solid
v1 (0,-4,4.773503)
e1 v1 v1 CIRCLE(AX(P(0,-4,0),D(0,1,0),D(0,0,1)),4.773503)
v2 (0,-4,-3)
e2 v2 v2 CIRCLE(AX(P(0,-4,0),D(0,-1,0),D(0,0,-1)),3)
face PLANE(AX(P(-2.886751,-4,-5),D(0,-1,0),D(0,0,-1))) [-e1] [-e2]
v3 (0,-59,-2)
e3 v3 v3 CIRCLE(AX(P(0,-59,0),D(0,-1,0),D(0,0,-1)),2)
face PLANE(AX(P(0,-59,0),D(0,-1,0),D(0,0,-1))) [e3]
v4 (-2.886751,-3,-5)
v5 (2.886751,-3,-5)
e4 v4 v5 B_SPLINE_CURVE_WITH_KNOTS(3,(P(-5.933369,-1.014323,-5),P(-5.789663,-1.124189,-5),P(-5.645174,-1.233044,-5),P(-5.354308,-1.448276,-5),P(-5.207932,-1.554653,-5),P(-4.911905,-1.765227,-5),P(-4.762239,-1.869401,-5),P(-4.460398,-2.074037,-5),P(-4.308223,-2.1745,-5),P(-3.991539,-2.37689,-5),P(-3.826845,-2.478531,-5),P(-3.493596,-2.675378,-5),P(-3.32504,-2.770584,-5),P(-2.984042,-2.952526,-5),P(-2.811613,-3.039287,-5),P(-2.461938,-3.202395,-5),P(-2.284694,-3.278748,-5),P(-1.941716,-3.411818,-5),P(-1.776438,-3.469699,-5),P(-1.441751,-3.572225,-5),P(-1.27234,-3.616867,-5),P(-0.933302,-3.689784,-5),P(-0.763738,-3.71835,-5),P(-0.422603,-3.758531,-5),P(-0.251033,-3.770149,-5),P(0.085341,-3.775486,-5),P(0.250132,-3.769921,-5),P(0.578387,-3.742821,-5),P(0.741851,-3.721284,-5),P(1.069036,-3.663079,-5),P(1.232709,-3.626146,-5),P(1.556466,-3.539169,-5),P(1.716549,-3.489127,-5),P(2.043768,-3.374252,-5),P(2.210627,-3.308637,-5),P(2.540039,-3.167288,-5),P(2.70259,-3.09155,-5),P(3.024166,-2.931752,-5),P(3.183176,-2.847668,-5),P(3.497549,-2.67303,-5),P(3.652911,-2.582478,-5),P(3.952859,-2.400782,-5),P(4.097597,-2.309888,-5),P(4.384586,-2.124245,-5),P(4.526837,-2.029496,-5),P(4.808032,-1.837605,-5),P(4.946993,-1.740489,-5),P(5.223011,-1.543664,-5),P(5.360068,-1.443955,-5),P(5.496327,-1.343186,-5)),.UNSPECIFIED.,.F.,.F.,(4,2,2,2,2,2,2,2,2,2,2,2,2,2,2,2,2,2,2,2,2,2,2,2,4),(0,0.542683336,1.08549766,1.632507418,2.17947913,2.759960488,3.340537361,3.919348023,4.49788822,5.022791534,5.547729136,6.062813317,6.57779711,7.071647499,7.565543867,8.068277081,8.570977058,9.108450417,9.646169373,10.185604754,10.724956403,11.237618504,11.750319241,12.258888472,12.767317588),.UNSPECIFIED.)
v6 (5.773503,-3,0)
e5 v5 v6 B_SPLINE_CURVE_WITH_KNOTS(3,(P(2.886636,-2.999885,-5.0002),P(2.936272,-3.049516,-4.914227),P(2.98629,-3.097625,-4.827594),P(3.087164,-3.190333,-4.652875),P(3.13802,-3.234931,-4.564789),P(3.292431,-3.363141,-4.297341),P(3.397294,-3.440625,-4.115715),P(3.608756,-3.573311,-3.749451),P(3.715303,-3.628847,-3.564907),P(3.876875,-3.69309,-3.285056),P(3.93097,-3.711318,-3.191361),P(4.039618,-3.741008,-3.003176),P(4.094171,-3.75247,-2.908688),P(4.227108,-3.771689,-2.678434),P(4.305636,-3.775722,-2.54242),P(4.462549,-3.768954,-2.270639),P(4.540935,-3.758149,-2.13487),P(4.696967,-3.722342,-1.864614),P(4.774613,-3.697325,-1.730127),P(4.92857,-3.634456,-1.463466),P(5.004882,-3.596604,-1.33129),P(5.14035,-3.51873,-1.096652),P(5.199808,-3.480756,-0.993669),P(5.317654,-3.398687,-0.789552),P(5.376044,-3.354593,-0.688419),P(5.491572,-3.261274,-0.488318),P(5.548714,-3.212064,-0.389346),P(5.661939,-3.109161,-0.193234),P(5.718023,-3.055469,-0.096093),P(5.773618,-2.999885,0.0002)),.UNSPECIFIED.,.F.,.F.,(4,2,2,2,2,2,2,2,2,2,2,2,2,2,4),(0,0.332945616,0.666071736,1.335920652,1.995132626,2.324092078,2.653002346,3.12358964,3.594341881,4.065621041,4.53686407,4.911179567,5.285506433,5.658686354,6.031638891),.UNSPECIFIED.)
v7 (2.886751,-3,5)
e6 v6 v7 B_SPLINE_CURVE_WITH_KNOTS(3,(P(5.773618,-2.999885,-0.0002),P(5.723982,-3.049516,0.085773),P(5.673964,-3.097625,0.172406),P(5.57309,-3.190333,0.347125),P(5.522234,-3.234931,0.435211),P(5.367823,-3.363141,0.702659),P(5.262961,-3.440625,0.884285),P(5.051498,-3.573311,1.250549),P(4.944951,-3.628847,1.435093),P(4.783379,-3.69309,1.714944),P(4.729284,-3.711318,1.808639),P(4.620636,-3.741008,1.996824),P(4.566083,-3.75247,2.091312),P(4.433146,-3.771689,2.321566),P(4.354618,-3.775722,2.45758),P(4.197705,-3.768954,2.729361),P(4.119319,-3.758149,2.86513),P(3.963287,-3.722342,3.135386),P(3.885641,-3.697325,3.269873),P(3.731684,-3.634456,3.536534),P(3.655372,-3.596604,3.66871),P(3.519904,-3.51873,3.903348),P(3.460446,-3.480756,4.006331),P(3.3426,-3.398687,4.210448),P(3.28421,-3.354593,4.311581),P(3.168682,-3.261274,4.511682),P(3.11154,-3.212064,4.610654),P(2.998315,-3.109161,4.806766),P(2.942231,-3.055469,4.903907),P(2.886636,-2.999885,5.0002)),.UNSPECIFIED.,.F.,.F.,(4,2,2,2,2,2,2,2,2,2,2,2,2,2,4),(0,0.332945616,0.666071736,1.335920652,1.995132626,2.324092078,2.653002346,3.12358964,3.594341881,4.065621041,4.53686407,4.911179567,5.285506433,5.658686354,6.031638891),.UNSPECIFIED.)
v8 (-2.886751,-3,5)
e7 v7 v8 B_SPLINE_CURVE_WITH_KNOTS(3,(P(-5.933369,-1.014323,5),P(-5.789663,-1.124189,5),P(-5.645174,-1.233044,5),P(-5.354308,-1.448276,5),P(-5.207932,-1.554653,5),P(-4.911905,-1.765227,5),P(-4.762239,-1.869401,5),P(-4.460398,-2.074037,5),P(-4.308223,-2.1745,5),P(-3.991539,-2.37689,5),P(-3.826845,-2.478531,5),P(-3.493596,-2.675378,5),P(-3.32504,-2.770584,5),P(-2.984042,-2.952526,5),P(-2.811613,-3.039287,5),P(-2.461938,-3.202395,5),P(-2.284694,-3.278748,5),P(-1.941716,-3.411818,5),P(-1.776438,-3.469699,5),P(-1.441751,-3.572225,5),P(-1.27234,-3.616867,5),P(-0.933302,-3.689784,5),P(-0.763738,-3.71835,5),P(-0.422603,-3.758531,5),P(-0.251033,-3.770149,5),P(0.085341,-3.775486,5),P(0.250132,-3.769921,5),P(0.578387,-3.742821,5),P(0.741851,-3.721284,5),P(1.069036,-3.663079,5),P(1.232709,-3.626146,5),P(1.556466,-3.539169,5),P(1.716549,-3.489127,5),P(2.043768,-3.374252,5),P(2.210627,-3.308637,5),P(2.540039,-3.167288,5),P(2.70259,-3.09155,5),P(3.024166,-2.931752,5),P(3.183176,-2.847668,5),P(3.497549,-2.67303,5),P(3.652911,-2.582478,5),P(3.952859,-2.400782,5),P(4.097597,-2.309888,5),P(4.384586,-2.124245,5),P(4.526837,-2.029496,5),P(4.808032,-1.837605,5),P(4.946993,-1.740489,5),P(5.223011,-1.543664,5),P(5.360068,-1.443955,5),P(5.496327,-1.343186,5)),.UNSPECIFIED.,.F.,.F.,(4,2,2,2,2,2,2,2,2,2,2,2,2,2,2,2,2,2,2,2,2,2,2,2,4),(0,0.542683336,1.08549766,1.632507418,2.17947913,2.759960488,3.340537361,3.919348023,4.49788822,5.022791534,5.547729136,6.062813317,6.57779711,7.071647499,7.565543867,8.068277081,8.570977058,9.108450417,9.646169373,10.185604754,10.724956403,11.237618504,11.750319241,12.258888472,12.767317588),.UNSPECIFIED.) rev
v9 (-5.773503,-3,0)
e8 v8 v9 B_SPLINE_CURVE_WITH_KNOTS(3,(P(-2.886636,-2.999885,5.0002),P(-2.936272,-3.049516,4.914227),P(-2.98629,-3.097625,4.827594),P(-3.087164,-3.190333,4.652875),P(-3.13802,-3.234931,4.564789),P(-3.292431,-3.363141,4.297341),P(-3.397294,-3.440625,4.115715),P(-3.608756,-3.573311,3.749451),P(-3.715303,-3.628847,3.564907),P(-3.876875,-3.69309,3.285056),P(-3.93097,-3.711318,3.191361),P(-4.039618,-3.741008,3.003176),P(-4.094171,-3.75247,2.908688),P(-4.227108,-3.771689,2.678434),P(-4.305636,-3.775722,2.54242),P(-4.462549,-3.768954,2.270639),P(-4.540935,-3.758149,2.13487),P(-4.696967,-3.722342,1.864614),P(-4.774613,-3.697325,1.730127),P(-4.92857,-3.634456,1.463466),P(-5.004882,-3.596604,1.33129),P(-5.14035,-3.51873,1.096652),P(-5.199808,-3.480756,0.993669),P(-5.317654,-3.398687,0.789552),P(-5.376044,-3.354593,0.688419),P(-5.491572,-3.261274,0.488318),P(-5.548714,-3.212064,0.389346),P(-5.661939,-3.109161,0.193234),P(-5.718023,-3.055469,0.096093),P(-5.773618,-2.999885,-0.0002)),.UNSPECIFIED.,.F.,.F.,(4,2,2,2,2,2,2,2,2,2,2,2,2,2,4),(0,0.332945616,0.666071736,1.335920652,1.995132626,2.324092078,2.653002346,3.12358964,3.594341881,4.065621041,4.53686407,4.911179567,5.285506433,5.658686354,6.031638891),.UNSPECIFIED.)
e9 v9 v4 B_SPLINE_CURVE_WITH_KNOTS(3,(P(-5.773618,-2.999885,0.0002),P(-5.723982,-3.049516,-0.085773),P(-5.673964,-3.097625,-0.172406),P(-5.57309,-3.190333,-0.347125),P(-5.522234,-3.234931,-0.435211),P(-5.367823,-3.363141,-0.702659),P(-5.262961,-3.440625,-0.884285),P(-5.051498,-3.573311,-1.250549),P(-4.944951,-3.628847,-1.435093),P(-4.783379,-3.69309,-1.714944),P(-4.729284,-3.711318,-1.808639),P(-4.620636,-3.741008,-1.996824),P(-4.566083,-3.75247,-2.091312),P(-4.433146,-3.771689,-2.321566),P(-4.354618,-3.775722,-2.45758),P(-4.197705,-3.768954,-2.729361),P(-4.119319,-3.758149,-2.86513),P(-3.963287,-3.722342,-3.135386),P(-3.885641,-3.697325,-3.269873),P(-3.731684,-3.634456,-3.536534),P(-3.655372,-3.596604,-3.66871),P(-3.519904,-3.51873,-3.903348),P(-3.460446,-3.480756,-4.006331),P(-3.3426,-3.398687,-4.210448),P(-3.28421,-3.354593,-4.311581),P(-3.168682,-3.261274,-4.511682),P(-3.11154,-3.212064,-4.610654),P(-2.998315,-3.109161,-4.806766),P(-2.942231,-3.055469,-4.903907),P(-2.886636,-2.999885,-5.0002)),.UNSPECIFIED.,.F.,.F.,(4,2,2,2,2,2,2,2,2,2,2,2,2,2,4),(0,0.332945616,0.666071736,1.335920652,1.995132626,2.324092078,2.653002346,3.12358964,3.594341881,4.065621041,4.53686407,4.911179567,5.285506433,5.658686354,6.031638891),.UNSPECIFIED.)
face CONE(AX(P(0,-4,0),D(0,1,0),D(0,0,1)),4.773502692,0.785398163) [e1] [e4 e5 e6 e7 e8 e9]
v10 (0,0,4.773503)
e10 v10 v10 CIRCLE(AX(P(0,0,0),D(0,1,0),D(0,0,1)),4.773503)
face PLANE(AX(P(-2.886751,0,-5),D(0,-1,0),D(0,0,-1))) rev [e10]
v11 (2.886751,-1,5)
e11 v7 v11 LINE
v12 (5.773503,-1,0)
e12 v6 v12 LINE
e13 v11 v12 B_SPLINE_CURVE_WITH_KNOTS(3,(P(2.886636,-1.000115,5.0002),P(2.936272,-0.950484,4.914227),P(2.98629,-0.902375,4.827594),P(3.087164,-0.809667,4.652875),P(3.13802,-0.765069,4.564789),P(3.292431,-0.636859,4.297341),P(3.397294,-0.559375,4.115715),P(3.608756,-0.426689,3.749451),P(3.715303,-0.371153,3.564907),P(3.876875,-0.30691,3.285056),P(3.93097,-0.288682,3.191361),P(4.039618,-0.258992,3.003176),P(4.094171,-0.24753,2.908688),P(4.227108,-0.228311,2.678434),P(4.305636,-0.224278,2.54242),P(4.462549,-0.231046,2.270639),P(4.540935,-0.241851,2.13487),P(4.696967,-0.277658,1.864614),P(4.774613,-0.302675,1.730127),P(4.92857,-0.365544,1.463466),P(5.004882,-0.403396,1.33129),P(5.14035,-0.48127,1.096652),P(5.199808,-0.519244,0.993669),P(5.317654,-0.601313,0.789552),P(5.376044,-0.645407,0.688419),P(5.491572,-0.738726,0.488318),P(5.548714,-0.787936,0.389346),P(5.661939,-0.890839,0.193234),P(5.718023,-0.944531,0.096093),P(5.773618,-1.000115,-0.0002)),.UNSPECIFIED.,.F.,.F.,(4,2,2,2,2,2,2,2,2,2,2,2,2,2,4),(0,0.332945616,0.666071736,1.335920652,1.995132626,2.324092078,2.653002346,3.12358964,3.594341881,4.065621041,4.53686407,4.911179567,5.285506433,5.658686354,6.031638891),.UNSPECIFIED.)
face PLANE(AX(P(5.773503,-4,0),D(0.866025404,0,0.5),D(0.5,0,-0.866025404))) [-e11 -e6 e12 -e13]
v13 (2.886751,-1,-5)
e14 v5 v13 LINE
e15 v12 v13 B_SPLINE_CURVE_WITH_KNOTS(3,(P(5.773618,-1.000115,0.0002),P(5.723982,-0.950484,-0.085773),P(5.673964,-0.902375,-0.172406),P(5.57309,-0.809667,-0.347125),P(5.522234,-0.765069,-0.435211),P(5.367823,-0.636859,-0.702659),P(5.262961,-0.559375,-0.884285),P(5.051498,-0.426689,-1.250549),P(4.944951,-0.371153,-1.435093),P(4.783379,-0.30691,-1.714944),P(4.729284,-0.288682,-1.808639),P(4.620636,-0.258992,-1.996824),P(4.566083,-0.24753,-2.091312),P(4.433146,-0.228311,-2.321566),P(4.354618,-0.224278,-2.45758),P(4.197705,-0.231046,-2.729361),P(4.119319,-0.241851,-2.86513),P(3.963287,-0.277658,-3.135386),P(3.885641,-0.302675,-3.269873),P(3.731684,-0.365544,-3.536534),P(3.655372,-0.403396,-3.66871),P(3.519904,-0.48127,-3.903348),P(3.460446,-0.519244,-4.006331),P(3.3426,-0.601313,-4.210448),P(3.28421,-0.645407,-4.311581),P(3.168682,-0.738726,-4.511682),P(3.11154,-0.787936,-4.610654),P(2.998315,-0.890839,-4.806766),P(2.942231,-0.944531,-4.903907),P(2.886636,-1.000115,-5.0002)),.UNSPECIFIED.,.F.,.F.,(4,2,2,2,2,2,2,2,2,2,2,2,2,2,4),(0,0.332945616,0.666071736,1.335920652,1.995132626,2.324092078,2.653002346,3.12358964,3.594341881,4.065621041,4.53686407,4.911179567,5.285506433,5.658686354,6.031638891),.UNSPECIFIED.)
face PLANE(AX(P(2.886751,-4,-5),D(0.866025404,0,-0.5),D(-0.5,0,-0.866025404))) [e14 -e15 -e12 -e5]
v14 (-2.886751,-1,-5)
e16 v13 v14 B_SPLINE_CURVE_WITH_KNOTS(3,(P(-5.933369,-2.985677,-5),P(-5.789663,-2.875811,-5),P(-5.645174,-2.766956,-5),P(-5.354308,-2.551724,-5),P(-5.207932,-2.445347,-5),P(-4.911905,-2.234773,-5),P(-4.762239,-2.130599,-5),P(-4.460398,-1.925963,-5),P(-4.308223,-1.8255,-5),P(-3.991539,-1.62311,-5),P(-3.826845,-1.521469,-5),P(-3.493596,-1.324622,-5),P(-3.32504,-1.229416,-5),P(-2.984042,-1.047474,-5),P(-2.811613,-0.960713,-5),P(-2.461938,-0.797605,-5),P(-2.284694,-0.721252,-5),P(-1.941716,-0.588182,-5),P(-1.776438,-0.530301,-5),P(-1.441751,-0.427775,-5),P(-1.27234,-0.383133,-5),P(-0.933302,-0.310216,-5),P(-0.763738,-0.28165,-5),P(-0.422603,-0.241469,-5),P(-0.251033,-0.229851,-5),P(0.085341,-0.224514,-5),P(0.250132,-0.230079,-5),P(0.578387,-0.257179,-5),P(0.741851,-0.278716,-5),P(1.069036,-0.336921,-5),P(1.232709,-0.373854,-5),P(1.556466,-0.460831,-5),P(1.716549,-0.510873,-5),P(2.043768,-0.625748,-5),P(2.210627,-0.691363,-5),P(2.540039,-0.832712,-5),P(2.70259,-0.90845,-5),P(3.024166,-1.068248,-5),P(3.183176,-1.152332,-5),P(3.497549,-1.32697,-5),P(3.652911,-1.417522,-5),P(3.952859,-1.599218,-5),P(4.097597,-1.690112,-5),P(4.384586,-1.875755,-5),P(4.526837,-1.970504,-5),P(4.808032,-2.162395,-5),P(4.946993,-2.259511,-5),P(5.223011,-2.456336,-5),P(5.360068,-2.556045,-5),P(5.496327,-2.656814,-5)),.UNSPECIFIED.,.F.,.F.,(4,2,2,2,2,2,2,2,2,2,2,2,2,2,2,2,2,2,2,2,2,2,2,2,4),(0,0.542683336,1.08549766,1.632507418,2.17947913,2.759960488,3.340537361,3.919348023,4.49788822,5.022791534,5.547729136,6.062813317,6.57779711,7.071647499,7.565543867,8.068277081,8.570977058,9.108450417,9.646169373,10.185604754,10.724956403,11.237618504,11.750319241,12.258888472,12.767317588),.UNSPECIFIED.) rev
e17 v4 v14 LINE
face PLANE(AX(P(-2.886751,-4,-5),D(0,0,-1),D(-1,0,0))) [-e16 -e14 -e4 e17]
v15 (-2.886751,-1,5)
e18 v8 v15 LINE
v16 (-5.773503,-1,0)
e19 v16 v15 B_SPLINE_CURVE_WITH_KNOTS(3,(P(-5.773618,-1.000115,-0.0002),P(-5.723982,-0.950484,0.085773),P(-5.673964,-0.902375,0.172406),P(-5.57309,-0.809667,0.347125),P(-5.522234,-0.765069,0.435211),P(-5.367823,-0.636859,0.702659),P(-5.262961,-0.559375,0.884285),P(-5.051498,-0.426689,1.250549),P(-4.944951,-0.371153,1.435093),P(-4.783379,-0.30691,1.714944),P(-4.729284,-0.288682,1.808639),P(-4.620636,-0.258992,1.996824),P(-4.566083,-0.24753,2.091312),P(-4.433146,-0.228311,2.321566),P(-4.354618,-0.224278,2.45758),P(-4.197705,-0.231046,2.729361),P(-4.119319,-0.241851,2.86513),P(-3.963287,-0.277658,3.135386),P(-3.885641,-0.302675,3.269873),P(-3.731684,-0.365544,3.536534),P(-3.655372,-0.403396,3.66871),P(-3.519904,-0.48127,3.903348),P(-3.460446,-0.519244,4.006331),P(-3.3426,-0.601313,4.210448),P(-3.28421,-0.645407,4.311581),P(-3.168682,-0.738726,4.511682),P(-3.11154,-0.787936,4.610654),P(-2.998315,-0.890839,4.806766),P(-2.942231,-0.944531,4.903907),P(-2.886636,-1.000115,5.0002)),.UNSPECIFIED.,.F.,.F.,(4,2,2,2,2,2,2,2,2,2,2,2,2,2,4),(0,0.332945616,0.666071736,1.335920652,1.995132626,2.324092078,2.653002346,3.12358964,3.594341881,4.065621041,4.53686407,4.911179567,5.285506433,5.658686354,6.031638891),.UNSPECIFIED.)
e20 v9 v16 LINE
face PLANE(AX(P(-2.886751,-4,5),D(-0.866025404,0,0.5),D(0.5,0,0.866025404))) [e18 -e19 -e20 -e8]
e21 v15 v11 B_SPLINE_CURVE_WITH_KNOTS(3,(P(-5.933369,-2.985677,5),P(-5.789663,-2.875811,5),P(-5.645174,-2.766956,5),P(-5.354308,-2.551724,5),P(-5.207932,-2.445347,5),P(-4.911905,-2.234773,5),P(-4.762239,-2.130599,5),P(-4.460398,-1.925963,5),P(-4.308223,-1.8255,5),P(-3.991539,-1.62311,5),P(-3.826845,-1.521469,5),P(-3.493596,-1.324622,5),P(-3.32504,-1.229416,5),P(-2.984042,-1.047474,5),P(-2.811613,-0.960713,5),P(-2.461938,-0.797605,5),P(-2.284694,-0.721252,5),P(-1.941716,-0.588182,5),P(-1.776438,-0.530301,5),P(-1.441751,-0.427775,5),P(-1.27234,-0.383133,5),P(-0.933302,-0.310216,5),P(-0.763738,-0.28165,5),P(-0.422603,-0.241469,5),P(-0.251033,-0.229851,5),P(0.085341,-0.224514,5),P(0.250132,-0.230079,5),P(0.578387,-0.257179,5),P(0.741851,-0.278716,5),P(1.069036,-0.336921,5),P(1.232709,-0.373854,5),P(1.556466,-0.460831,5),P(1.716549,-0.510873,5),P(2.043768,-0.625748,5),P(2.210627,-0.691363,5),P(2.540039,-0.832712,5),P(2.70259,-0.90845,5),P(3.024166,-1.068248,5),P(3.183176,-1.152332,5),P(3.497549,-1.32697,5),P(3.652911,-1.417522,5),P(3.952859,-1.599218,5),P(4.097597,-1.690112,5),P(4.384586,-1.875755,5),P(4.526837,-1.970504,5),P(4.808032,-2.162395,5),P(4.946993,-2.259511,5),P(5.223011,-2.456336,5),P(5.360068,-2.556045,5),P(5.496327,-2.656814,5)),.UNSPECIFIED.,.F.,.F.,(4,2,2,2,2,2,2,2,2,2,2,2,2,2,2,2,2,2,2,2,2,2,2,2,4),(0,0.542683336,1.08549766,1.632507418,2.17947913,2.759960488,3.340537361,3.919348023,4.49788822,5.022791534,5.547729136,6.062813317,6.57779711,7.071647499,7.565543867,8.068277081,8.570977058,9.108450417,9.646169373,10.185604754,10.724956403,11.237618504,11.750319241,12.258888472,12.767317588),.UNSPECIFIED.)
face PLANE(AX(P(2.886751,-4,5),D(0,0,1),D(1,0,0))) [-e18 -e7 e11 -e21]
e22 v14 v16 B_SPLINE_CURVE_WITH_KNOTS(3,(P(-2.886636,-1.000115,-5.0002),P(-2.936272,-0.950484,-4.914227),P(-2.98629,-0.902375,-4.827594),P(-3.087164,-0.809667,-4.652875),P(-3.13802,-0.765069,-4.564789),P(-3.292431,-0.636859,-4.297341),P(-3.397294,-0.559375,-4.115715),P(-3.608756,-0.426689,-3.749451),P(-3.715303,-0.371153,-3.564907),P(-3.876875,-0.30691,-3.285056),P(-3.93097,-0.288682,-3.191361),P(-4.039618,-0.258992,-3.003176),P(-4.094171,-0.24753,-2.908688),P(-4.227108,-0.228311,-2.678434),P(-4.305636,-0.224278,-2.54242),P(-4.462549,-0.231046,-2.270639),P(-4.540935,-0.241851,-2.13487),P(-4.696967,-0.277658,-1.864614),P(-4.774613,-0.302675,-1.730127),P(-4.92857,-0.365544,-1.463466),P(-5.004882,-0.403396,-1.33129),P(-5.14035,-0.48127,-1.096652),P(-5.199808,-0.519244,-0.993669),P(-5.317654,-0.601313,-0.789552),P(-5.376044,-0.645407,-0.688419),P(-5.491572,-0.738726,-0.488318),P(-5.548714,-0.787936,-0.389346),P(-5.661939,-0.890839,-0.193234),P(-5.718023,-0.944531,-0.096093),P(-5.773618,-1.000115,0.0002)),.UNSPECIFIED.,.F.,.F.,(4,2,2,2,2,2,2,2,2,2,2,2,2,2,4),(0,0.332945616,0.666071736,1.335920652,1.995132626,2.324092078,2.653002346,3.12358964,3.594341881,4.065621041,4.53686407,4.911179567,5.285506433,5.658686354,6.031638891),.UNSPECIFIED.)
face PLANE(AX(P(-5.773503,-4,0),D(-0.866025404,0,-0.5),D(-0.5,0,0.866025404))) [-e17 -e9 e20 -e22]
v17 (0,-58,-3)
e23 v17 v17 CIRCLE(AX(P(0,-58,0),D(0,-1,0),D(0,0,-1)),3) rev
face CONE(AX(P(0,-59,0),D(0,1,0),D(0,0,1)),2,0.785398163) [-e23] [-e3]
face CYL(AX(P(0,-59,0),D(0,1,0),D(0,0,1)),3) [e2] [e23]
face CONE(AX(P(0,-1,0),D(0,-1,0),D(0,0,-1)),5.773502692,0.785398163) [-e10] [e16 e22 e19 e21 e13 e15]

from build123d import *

# Parameters (mm, degrees)
EXTRUDE_1_DEPTH = 4
SKETCH_2_R      = 3
EXTRUDE_2_DEPTH = 55
CHAMFER_2_SIZE  = 1


with BuildPart() as part:
    # Эскиз1 → Вытянуть1 (new body)
    with BuildSketch(Plane(origin=(0, 0, 0), x_dir=(1, 0, 0), z_dir=(0, 1, 0))):
        Polygon((-2.886751346, 5), (2.886751346, 5), (5.773502692, 0), (2.886751346, -5), (-2.886751346, -5), (-5.773502692, 0), align=None)
    extrude(amount=-EXTRUDE_1_DEPTH)

    # Эскиз2 → Вытянуть2 (add)
    with BuildSketch(Plane.XZ.offset(4)):
        with Locations(Location((0, 0, 0), (0, 0, 270))):
            Circle(SKETCH_2_R)
    extrude(amount=EXTRUDE_2_DEPTH)

    # Фаска2
    chamfer_2_edges = [part.edges().sort_by_distance(p)[0] for p in [
        (0, -59, 3),
    ]]
    chamfer(chamfer_2_edges, length=CHAMFER_2_SIZE)

    # Эскиз3 → Вырез-Повернуть1 (revolve, cut)
    with BuildSketch(Plane.XY, mode=Mode.PRIVATE) as cut_revolve_1_sk:
        Polygon((-5.773502692, -1), (-4.773502692, 0), (-5.773502692, 0), align=None)
        Polygon((-5.773502692, -3), (-4.773502692, -4), (-5.773502692, -4), align=None)
    revolve(cut_revolve_1_sk.sketch.rotate(Axis((0, -4, 0), (0, -1, 0)), 270), axis=Axis((0, -4, 0), (0, -1, 0)), mode=Mode.SUBTRACT)


solid = part.part
